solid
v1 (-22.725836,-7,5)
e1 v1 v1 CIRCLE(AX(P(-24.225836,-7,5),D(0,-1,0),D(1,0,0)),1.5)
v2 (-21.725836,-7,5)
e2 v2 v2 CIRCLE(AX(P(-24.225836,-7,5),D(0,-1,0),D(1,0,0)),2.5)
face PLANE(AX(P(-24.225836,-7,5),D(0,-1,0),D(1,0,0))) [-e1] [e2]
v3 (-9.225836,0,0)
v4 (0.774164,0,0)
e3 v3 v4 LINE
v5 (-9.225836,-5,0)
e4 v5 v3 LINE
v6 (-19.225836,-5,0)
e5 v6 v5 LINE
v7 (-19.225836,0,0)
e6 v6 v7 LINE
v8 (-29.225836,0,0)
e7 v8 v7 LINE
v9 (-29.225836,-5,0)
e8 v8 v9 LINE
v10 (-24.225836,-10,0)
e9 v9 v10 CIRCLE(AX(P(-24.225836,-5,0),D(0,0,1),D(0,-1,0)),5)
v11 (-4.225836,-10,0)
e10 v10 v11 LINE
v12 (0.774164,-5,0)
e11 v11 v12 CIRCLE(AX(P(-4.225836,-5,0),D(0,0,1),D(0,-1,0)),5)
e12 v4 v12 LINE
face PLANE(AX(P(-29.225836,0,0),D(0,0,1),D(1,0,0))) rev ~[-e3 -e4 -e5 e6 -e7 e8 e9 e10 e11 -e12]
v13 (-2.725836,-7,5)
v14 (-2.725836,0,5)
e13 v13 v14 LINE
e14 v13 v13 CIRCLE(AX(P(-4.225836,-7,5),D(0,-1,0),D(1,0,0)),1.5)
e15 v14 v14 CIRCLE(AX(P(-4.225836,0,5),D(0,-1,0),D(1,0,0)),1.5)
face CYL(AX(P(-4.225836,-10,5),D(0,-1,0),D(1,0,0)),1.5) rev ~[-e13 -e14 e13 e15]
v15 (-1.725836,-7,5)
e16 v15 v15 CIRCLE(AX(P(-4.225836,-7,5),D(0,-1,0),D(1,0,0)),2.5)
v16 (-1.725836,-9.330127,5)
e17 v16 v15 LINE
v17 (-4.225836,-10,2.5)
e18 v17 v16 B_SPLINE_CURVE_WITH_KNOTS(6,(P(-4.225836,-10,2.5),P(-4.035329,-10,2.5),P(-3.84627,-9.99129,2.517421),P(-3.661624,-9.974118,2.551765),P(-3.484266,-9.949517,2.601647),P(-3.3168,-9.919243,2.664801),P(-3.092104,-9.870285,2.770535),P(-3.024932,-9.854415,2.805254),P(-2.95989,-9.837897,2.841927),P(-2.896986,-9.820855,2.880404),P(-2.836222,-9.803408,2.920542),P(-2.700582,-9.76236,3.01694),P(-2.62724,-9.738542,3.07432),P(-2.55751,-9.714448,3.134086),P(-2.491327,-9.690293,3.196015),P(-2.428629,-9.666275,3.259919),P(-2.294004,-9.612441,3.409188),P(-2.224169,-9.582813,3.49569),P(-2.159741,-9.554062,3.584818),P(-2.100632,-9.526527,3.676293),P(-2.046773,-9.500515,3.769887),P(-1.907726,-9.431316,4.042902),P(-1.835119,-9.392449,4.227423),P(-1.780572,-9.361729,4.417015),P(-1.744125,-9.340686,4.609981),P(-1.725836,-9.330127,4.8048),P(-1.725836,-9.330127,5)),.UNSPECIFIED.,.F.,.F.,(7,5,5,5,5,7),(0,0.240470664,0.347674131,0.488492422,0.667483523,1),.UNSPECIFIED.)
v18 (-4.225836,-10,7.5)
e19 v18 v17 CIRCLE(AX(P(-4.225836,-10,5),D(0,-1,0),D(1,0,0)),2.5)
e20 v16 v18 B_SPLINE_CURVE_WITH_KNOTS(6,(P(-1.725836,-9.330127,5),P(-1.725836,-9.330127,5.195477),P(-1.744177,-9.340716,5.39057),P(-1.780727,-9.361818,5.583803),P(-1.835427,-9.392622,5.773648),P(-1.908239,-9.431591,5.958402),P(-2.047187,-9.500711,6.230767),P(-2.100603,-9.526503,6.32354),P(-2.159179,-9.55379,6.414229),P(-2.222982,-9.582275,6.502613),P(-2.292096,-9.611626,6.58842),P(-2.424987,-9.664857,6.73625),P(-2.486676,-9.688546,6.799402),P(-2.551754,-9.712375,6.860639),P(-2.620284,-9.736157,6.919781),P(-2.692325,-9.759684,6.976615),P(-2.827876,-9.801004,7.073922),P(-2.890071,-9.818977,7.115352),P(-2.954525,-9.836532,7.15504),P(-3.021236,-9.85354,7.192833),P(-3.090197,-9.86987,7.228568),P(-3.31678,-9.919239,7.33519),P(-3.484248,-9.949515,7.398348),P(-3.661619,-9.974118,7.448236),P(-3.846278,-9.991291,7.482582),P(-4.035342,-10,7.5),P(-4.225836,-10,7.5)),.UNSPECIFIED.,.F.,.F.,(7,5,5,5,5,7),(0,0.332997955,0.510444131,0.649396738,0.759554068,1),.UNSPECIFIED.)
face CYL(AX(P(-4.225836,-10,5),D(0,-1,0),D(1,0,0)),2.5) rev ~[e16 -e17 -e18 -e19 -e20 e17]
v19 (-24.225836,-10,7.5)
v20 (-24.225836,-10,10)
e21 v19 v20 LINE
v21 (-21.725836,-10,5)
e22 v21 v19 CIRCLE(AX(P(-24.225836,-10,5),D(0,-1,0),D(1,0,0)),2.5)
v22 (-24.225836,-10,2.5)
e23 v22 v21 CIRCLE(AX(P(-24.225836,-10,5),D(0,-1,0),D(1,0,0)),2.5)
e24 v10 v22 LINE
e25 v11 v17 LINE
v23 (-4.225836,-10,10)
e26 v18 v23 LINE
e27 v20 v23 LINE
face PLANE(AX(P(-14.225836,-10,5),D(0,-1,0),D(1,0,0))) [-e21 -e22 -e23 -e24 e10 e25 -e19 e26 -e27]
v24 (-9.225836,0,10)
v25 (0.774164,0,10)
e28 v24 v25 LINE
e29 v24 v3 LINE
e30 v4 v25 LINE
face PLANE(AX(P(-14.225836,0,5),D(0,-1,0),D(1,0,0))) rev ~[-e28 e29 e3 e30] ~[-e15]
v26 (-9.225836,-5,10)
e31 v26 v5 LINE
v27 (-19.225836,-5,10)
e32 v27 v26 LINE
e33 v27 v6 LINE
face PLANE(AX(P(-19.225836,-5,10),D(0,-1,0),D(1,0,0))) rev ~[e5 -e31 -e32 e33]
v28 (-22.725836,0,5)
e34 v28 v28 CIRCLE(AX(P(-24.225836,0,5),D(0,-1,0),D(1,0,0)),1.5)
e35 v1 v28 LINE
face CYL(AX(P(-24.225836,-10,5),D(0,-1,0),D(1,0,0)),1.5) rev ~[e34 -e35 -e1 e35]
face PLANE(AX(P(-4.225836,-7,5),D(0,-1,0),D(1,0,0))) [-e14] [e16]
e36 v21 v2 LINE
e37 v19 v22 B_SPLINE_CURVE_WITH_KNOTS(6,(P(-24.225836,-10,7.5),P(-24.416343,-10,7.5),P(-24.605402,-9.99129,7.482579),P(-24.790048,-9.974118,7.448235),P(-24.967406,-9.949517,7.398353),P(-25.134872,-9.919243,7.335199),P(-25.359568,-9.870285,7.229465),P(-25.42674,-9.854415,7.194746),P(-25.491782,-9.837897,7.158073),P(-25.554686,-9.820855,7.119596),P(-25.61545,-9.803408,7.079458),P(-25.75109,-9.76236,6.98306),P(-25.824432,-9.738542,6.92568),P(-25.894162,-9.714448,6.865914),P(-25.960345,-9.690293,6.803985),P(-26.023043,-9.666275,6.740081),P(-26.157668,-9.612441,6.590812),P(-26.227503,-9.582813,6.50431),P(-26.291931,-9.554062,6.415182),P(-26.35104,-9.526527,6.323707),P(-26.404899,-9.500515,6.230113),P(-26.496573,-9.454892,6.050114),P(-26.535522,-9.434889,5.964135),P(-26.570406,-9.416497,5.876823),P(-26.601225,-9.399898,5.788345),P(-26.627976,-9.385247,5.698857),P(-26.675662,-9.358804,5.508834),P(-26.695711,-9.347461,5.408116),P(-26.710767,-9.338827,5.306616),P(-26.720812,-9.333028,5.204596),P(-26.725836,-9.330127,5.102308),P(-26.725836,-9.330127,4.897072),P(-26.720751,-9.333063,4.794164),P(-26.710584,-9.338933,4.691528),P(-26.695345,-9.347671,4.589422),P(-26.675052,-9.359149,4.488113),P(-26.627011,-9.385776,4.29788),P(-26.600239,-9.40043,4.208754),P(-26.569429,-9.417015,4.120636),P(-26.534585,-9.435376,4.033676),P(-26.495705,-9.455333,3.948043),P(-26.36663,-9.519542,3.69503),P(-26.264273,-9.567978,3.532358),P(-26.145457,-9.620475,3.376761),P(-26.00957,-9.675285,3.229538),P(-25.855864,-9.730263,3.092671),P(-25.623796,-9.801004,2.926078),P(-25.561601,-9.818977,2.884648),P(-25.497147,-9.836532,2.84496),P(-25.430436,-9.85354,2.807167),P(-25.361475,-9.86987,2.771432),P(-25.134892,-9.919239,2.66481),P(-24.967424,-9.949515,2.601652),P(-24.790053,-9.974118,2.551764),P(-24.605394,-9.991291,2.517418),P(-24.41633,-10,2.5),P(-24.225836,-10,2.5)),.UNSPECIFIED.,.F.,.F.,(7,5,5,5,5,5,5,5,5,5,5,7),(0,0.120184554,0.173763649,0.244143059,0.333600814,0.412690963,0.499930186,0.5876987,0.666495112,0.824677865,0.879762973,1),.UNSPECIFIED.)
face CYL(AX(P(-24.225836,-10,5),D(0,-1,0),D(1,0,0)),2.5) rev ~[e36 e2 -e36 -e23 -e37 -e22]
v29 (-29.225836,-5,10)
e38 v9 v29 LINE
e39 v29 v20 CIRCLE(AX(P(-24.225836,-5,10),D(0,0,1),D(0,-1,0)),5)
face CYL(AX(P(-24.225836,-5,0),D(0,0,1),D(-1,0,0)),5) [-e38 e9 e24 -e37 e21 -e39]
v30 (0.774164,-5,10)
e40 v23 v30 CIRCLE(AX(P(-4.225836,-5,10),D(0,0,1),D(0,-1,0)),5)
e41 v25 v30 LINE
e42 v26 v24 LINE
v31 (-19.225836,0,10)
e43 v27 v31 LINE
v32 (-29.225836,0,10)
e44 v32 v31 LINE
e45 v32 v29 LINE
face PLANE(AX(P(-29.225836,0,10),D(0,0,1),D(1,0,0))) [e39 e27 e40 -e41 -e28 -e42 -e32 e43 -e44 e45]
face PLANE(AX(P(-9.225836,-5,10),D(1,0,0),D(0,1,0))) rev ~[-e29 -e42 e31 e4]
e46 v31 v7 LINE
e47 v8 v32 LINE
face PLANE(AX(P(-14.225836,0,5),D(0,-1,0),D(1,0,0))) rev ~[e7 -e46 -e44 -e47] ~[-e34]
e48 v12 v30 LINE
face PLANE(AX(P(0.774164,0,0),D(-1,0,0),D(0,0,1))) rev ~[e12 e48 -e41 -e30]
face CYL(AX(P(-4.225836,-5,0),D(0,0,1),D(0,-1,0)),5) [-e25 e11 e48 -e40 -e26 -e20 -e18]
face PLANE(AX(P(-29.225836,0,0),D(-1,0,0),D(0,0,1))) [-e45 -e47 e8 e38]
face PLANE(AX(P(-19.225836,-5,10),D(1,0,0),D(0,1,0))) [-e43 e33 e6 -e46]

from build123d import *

# Parameters (mm, degrees)
F0_W     = 30
F0_H     = 10
F1_DEPTH = 10
F2_W     = 5
F2_H     = 5
F3_DEPTH = 25
F4_R     = 5
F5_R     = 1.5
F6_DEPTH = 25
F7_R     = 2.5
F8_DEPTH = 3


with BuildPart() as f1:
    # F0 (on Front) → F1 (new body)
    with BuildSketch(Plane.XZ):
        with Locations((-14.225836, 5)):
            Rectangle(F0_W, F0_H)
    extrude(amount=F1_DEPTH)

    # F2 (on face) → F3 (cut)
    with BuildSketch(Plane.XY.offset(10)):
        with Locations((-11.725836, -2.5)):
            Rectangle(F2_W, F2_H)
        with Locations((-16.725836, -2.5)):
            Rectangle(F2_W, F2_H)
    extrude(amount=-F3_DEPTH, mode=Mode.SUBTRACT)

    # F4
    f4_edges = [f1.edges().sort_by_distance(p)[0] for p in [
        (-29.225836, -10, 5),
        (0.774164, -10, 5),
    ]]
    fillet(f4_edges, radius=F4_R)

    # F5 (on face) → F6 (cut)
    with BuildSketch(Plane.XZ.offset(10)):
        with Locations((-24.225836, 5)):
            Circle(F5_R)
        with Locations((-4.225836, 5)):
            Circle(F5_R)
    extrude(amount=-F6_DEPTH, mode=Mode.SUBTRACT)

    # F7 (on face) → F8 (cut)
    with BuildSketch(Plane.XZ.offset(10)):
        with Locations((-24.225836, 5)):
            Circle(F7_R)
        with Locations((-4.225836, 5)):
            Circle(F7_R)
    extrude(amount=-F8_DEPTH, mode=Mode.SUBTRACT)


solid = f1.part
